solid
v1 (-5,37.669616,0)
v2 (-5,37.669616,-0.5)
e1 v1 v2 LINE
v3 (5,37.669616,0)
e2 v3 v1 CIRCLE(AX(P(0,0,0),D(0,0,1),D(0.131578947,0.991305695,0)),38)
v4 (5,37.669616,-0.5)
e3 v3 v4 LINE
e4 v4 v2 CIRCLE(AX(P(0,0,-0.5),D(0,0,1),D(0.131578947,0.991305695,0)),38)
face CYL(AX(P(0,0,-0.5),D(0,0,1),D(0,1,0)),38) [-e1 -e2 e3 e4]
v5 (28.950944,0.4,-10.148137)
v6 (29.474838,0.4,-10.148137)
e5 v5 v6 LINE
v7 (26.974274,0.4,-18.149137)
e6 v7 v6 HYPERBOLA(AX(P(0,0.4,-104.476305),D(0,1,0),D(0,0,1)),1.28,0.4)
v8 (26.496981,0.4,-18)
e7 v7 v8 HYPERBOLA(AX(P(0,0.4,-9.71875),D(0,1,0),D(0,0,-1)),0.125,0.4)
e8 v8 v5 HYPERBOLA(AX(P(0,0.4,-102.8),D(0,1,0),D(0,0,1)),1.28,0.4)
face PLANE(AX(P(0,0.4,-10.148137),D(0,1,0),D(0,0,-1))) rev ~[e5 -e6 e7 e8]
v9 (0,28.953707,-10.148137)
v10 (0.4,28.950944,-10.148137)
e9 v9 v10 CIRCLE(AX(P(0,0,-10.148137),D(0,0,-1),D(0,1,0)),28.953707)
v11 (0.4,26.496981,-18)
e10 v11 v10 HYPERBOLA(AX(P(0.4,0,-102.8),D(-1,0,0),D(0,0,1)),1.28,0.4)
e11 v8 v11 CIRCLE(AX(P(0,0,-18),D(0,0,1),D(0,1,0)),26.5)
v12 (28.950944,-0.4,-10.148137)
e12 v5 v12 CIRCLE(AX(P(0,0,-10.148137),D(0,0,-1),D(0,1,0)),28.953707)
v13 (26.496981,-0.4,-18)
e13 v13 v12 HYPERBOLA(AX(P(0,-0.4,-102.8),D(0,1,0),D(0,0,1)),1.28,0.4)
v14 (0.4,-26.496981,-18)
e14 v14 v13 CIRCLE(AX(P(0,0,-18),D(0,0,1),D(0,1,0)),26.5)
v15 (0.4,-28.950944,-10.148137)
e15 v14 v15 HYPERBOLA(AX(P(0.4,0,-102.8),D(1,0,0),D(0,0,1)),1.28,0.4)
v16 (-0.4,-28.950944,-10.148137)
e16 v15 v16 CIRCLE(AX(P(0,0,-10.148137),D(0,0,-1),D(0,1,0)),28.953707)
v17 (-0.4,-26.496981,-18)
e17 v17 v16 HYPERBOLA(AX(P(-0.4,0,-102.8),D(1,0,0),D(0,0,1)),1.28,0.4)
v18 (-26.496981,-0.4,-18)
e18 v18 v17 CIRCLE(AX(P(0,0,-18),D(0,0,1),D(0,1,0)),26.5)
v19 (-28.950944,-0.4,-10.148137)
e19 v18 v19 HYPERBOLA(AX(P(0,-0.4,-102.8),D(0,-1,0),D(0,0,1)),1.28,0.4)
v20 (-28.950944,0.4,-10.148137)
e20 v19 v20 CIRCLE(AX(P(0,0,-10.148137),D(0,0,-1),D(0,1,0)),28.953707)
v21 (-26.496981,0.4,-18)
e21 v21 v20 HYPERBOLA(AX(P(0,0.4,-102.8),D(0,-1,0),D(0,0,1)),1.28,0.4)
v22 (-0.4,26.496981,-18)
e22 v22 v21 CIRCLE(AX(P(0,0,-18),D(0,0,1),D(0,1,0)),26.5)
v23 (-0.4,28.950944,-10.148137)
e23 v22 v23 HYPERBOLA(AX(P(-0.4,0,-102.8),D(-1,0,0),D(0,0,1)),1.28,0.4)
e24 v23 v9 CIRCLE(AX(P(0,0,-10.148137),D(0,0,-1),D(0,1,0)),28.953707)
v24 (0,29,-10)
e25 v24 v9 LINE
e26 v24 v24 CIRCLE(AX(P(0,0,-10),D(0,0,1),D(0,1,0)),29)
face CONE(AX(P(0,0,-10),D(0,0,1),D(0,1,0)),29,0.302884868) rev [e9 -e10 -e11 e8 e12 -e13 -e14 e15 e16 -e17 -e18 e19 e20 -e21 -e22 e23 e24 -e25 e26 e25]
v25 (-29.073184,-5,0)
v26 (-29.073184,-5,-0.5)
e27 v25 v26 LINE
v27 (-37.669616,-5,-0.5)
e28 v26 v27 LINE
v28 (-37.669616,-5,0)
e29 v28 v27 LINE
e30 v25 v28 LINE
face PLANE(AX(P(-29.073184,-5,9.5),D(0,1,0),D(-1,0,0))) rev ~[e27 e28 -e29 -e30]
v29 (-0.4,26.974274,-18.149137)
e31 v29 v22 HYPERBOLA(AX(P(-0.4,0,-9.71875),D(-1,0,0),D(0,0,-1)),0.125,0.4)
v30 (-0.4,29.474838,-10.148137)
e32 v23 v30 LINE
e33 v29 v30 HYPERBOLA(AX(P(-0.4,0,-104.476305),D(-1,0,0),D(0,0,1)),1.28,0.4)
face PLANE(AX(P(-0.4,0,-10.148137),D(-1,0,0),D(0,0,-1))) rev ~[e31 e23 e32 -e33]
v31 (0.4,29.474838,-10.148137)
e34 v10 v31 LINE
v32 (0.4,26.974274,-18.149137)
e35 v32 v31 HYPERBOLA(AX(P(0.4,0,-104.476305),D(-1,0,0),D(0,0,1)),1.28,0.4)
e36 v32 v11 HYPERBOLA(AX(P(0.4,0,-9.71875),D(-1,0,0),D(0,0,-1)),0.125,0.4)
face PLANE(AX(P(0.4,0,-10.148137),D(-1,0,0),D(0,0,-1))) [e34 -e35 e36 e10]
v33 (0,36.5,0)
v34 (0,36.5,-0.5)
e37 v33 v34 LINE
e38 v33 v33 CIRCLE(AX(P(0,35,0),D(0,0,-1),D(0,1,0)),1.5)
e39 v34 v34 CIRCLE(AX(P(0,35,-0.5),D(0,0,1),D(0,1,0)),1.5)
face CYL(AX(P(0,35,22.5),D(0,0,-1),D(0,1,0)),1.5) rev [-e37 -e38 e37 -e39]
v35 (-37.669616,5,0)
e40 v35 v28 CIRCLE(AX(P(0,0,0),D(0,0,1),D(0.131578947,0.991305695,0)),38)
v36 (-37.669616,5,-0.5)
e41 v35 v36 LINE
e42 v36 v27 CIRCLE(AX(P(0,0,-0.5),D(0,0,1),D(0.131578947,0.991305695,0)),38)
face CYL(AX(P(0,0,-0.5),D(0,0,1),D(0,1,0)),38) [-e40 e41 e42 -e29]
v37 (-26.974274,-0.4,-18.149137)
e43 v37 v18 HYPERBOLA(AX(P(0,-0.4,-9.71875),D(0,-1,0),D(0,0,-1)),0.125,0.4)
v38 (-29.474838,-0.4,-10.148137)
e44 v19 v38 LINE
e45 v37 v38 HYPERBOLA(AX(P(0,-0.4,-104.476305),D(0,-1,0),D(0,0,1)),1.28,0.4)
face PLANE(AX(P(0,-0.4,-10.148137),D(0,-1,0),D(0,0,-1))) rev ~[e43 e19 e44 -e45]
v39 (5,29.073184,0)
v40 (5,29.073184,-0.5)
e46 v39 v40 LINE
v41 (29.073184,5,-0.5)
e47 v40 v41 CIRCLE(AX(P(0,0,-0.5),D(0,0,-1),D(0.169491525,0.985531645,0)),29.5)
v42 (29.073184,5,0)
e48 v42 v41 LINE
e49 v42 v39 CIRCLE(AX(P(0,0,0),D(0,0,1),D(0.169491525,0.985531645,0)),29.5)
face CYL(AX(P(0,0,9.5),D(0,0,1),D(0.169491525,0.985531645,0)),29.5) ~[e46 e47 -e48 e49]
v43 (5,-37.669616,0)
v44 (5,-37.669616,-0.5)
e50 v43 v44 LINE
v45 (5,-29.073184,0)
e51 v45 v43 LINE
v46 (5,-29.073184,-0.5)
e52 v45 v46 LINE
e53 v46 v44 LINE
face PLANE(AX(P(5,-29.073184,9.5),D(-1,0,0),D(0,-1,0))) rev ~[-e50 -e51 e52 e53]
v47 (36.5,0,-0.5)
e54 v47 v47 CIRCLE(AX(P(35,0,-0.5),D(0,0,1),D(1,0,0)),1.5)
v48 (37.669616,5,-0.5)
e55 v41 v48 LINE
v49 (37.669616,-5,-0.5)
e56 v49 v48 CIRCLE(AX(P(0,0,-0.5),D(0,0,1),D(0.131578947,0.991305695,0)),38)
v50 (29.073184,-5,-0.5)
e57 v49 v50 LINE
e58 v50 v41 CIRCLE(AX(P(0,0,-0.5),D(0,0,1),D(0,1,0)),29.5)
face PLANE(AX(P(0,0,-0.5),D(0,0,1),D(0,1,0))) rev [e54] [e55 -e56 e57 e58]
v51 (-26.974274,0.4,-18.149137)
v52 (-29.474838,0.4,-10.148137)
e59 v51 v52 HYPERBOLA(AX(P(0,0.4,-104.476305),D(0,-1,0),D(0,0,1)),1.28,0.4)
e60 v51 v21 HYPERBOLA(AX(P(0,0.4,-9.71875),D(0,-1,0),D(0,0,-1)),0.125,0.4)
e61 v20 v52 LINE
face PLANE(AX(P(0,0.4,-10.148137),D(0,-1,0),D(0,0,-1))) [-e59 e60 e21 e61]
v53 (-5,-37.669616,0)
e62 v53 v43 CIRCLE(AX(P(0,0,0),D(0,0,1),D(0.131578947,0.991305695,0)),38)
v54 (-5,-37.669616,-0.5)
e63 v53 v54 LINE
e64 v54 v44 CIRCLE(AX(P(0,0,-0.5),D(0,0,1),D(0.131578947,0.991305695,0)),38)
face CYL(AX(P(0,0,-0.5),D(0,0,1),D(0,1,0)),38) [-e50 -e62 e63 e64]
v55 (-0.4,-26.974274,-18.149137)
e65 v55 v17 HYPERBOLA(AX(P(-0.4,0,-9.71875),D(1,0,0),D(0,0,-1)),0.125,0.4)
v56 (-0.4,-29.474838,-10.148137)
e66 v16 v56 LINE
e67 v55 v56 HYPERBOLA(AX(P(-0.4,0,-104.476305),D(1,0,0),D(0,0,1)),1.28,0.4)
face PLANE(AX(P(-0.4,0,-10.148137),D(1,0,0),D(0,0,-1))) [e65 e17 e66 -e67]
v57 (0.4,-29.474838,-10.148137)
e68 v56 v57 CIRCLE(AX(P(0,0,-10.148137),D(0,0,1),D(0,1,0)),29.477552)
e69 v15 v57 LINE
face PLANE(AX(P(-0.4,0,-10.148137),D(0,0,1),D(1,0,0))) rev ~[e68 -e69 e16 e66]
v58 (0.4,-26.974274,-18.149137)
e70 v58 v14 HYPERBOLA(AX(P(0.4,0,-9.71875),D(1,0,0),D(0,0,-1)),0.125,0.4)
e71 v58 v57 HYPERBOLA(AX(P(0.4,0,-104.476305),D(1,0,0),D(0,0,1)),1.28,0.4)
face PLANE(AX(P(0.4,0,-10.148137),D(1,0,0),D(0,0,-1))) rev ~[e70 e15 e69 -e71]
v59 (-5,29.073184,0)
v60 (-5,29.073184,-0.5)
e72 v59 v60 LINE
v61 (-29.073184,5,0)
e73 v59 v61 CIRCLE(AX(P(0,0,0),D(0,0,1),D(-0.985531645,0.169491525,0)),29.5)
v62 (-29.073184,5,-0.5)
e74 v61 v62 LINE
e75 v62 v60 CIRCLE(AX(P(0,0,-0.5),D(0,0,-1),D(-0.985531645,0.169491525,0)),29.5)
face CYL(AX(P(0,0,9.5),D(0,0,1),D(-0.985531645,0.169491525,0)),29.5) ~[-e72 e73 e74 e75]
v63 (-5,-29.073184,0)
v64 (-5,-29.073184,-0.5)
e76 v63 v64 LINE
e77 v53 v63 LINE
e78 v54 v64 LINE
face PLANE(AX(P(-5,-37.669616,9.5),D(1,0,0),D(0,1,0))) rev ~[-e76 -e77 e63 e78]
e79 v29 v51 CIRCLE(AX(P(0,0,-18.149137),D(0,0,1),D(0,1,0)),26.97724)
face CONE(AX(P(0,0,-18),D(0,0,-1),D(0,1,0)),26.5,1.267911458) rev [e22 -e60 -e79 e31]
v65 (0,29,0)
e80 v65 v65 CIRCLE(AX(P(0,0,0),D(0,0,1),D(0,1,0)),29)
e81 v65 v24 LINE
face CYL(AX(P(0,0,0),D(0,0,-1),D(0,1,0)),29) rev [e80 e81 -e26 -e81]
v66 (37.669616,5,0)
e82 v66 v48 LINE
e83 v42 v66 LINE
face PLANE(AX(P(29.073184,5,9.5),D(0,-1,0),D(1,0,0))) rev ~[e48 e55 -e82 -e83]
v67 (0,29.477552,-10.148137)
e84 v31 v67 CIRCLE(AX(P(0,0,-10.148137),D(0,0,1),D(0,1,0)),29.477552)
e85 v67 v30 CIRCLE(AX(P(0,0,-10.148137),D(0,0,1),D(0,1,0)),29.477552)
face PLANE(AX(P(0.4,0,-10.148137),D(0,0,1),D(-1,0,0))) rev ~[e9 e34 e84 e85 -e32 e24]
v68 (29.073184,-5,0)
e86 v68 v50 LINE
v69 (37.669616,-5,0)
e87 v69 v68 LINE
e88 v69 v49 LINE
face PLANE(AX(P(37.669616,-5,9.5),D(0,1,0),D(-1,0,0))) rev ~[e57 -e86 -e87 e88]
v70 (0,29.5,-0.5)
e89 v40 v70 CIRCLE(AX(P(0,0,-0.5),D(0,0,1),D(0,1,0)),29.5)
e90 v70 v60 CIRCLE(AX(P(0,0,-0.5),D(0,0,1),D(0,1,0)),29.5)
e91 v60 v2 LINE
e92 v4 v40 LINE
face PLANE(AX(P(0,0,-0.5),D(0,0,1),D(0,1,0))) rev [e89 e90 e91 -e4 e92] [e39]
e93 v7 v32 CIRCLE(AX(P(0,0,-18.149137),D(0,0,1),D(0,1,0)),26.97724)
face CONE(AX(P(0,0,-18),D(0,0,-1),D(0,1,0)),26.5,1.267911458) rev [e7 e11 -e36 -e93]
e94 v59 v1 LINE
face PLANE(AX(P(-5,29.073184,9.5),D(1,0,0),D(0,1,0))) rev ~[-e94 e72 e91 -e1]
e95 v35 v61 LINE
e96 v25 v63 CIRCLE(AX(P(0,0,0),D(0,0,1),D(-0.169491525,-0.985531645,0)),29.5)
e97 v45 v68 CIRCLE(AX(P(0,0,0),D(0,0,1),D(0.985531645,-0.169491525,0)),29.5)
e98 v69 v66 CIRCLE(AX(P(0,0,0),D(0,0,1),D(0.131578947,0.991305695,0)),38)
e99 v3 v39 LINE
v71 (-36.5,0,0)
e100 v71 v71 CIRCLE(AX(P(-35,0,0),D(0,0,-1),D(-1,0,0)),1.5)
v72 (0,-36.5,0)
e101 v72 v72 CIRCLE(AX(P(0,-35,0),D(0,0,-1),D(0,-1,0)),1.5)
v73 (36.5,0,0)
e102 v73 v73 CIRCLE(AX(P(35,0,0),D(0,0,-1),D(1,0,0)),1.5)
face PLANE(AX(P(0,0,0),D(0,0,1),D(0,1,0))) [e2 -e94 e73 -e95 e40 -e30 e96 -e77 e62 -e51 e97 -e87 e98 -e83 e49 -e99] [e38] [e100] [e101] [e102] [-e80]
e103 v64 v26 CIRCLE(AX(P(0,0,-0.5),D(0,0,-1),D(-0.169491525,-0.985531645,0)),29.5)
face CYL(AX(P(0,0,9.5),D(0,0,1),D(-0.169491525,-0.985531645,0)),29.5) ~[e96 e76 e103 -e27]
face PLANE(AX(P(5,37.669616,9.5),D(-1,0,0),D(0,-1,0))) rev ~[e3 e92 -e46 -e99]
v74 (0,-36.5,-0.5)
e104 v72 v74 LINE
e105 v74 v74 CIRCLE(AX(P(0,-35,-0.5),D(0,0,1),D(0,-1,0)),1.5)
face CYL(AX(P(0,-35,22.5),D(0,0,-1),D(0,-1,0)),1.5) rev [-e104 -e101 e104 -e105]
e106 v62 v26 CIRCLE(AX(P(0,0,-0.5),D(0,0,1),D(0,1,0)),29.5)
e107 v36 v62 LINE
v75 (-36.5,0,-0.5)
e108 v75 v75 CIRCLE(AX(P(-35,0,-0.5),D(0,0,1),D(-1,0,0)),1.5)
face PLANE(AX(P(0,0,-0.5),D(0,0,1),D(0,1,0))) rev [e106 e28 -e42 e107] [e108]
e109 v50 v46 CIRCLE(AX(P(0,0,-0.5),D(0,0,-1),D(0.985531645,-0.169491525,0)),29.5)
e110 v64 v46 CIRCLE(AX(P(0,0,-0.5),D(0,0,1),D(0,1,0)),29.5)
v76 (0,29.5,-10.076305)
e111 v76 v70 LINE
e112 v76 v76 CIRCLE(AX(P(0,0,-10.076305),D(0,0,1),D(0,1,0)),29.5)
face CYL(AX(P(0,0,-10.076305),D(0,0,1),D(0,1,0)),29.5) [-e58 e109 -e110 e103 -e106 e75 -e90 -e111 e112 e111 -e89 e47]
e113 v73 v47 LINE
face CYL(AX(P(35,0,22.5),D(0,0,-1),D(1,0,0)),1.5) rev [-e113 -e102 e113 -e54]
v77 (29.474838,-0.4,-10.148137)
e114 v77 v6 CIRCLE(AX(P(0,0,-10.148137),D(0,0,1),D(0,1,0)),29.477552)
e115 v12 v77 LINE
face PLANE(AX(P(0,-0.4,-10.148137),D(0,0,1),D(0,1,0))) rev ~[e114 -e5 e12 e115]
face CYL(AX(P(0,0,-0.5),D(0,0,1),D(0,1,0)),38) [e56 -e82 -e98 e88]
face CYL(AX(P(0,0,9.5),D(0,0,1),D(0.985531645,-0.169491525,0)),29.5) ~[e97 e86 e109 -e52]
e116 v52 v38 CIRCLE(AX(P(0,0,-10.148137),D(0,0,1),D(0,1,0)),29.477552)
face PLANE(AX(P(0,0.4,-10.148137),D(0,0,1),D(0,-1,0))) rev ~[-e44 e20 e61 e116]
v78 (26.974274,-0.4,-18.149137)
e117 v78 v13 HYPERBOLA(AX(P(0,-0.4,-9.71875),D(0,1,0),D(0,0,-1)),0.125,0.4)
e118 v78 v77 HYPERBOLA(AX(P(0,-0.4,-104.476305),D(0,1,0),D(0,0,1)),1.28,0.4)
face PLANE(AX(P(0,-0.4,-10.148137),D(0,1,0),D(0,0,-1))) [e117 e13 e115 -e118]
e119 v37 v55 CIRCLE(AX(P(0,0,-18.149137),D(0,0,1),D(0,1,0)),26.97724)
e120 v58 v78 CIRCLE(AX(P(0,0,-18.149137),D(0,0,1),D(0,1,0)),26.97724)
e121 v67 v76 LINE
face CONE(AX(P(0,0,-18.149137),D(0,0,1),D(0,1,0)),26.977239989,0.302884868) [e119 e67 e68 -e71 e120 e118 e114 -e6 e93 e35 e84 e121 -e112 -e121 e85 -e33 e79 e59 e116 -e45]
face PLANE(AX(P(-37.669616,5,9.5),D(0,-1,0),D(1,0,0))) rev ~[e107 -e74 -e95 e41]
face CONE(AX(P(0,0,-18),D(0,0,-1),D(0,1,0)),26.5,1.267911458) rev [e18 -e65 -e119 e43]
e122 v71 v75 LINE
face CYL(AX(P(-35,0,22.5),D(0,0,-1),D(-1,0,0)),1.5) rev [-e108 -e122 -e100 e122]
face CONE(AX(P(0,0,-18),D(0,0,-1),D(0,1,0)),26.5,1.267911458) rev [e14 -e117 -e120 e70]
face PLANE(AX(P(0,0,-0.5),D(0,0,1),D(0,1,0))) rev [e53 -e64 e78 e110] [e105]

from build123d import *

# Parameters (mm, degrees)
CUT_EXTRUDE1_START = -10
CUT_EXTRUDE1_DEPTH = 10
SKETCH5_W          = 0.8
SKETCH5_H          = 8.001
CUT_EXTRUDE2_DEPTH = 57.722052077
CIRPATTERN1_COUNT  = 4


with BuildPart() as part:
    # Sketch1 → Revolve-Thin1 (revolve)
    with BuildSketch(Plane(origin=(0, 0, 0), x_dir=(0, 0, -1), z_dir=(1, 0, 0))):
        Polygon((0, 38), (0, 29), (10, 29), (18, 26.5), (18.149137497, 26.977239989), (10.076305461, 29.5), (0.5, 29.5), (0.5, 38), align=None)
    revolve(axis=Axis((0, 0, 0), (0, 0, 1)))

    # Sketch2 → Cut-Extrude1 (cut)
    with BuildSketch(Plane(origin=(0, 0, -0.5), x_dir=(-1, 0, 0), z_dir=(0, 0, -1)).offset(CUT_EXTRUDE1_START)):
        with BuildLine():
            Line((-5, 37.669616404), (-5, 29.07318352))
            ThreePointArc((-5, 29.07318352), (-20.859650045, 20.859650045), (-29.07318352, 5))
            Line((-29.07318352, 5), (-37.669616404, 5))
            ThreePointArc((-37.669616404, 5), (-26.870057685, 26.870057685), (-5, 37.669616404))
        make_face()
    cut_extrude1 = extrude(amount=CUT_EXTRUDE1_DEPTH, mode=Mode.SUBTRACT)

    # Sketch3 → Ø3.0 (3) Diameter Hole1 (revolve, cut)
    with BuildSketch(Plane(origin=(0, 35, -0.5), x_dir=(0, 1, 0), z_dir=(1, 0, 0))):
        Polygon((0, 0), (0, 23.901290929), (1.5, 23), (1.5, 0), align=None)
    f_3_0_3_diameter_hole1 = revolve(axis=Axis((0, 35, -6.85), (0, 0, 1)), mode=Mode.SUBTRACT)

    # Sketch5 → Cut-Extrude2 (cut, through all)
    with BuildSketch(Plane(origin=(0, 0, 0), x_dir=(1, 0, 0), z_dir=(0, 1, 0))):
        with Locations((0, 14.148637497)):
            Rectangle(SKETCH5_W, SKETCH5_H)
    cut_extrude2 = extrude(amount=-CUT_EXTRUDE2_DEPTH, mode=Mode.SUBTRACT)

    # CirPattern1: Cut-Extrude1, Ø3.0 (3) Diameter Hole1, Cut-Extrude2 ×4 about axis
    cirpattern1_axis = Axis((0, 0, -19.056594371), (0, 0, 1))
    add([cut_extrude1.rotate(cirpattern1_axis, i * 360 / CIRPATTERN1_COUNT) for i in range(1, CIRPATTERN1_COUNT)], mode=Mode.SUBTRACT)
    add([f_3_0_3_diameter_hole1.rotate(cirpattern1_axis, i * 360 / CIRPATTERN1_COUNT) for i in range(1, CIRPATTERN1_COUNT)], mode=Mode.SUBTRACT)
    add([cut_extrude2.rotate(cirpattern1_axis, i * 360 / CIRPATTERN1_COUNT) for i in range(1, CIRPATTERN1_COUNT)], mode=Mode.SUBTRACT)


solid = part.part
